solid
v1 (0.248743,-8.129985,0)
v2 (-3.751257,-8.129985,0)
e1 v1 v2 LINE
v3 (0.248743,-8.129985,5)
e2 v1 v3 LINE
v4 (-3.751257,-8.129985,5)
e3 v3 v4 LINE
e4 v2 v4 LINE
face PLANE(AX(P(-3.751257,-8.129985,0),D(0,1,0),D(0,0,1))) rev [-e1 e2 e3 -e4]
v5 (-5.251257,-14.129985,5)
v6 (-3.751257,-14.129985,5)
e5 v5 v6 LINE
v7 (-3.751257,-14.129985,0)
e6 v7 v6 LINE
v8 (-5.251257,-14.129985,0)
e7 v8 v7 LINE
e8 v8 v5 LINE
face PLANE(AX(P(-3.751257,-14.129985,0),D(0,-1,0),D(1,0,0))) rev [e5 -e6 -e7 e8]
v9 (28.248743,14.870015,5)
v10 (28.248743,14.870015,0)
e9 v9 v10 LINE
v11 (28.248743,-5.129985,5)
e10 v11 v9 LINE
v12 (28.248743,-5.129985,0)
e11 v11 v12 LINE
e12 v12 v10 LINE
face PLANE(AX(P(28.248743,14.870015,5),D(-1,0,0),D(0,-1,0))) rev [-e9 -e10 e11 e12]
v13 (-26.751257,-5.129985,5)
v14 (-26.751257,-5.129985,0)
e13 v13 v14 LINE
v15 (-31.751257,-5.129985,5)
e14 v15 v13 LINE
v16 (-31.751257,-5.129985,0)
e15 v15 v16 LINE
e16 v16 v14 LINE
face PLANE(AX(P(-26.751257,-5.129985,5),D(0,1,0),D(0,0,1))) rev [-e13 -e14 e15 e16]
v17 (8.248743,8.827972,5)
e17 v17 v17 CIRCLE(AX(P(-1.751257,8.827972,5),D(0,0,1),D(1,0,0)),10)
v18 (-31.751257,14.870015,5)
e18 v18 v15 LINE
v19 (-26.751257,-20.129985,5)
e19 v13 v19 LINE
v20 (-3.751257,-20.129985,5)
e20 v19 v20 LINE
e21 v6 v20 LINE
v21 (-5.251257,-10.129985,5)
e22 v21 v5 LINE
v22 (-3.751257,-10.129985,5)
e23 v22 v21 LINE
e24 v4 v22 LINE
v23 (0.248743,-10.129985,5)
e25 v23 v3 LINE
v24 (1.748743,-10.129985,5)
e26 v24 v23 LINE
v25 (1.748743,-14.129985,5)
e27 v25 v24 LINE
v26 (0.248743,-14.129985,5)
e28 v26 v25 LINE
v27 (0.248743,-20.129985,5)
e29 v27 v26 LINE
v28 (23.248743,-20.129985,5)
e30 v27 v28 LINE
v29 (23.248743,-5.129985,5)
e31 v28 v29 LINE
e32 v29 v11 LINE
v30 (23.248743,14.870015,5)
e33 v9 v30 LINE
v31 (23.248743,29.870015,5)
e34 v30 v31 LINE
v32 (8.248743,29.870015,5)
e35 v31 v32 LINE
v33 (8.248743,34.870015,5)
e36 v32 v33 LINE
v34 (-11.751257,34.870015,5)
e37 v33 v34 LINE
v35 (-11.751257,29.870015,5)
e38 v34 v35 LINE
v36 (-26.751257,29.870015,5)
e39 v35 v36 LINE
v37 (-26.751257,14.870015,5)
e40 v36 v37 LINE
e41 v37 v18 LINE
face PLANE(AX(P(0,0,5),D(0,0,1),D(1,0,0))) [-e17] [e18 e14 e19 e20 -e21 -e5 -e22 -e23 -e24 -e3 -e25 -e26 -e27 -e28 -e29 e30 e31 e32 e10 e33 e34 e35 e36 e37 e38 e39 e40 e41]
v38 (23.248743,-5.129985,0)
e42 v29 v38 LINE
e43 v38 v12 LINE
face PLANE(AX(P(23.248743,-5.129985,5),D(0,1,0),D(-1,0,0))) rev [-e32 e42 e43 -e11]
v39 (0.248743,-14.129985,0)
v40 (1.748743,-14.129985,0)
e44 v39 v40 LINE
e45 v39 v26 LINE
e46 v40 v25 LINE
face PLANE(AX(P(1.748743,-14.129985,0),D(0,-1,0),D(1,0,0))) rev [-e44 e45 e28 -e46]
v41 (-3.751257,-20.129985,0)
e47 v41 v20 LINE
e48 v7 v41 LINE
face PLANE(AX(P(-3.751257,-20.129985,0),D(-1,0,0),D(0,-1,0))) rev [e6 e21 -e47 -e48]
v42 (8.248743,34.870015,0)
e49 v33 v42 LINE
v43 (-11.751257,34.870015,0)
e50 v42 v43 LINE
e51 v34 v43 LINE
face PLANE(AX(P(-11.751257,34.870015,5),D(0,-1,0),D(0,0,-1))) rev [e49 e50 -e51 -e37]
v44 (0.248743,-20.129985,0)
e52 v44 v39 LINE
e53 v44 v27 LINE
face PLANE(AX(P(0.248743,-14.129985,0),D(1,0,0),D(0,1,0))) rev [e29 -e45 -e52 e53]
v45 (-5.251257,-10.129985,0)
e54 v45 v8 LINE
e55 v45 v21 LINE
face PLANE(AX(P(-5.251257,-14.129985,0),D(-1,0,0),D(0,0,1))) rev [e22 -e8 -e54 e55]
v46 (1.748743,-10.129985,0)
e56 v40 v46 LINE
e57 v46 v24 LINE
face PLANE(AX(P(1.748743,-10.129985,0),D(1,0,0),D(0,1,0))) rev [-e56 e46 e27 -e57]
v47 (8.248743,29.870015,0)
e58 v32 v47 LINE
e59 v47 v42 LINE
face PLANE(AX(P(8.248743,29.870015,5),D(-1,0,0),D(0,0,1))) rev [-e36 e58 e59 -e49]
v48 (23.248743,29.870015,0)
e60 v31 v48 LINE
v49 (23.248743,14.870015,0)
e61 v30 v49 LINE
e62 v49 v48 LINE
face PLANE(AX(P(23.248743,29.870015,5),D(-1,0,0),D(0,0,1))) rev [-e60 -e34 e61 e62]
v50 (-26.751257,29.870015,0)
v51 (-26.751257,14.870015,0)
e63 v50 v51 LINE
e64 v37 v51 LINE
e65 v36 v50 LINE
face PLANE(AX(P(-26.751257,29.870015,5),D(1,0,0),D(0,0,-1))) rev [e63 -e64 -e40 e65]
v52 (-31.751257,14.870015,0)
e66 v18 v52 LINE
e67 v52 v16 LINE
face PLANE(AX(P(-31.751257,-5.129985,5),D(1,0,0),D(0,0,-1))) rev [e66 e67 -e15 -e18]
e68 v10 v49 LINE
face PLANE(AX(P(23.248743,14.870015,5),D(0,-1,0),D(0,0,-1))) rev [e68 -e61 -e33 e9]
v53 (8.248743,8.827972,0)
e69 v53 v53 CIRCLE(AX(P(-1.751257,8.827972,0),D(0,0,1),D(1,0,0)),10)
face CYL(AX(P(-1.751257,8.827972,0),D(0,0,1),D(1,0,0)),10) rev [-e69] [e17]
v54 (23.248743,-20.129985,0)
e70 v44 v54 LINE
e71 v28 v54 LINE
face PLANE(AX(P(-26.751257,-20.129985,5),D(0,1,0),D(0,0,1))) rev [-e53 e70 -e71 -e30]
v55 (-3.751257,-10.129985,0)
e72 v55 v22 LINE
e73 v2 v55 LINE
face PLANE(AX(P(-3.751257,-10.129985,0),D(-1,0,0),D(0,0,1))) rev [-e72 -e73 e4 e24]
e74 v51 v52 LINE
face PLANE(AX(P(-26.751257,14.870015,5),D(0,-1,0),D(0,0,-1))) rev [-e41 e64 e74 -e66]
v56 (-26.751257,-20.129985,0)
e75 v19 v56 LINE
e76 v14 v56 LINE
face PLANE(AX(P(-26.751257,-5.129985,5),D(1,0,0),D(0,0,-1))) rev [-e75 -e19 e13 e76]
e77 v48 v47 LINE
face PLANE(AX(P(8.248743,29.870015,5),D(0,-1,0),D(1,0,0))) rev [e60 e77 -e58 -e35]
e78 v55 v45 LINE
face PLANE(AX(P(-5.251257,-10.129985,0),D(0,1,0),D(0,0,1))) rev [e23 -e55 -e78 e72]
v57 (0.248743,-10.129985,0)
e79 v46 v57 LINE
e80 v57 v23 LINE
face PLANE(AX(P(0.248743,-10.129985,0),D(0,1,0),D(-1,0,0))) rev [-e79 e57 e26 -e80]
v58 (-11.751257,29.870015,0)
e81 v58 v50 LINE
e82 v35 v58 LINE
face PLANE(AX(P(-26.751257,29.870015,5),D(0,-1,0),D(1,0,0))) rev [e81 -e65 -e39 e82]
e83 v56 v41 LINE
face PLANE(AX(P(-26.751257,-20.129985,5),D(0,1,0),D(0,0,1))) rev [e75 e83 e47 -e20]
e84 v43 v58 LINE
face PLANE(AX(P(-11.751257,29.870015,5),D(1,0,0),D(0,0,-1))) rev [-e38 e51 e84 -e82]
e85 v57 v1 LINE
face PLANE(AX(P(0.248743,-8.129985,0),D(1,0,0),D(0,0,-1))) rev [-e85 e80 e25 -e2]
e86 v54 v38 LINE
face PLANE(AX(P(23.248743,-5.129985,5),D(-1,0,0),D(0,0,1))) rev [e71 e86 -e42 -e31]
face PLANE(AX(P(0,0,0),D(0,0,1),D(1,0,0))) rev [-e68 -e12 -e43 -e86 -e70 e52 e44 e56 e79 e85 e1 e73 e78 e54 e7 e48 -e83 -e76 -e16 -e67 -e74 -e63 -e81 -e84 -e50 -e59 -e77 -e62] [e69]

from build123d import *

# Parameters (mm, degrees)
BOSS_EXTRUDE1_DEPTH = 5
SKETCH3_R           = 10
CUT_EXTRUDE1_DEPTH  = 5


with BuildPart() as part:
    # Sketch2 → Boss-Extrude1 (new body)
    with BuildSketch(Plane.XY):
        Polygon((-26.751257452, 29.870014622), (-11.751257452, 29.870014622), (-11.751257452, 34.870014622), (8.248742548, 34.870014622), (8.248742548, 29.870014622), (23.248742548, 29.870014622), (23.248742548, 14.870014622), (28.248742548, 14.870014622), (28.248742548, -5.129985378), (23.248742548, -5.129985378), (23.248742548, -20.129985378), (-26.751257452, -20.129985378), (-26.751257452, -5.129985378), (-31.751257452, -5.129985378), (-31.751257452, 14.870014622), (-26.751257452, 14.870014622), align=None)
    extrude(amount=BOSS_EXTRUDE1_DEPTH)

    # Sketch3 → Cut-Extrude1 (cut)
    with BuildSketch(Plane.XY.offset(5)):
        with Locations((-1.751257452, 8.827972436)):
            Circle(SKETCH3_R)
        Polygon((-3.751257452, -20.129985378), (-3.751257452, -14.129985378), (-5.251257452, -14.129985378), (-5.251257452, -10.129985378), (-3.751257452, -10.129985378), (-3.751257452, -8.129985378), (0.248742548, -8.129985378), (0.248742548, -10.129985378), (1.748742548, -10.129985378), (1.748742548, -14.129985378), (0.248742548, -14.129985378), (0.248742548, -20.129985378), align=None)
    extrude(amount=-CUT_EXTRUDE1_DEPTH, mode=Mode.SUBTRACT)


solid = part.part
